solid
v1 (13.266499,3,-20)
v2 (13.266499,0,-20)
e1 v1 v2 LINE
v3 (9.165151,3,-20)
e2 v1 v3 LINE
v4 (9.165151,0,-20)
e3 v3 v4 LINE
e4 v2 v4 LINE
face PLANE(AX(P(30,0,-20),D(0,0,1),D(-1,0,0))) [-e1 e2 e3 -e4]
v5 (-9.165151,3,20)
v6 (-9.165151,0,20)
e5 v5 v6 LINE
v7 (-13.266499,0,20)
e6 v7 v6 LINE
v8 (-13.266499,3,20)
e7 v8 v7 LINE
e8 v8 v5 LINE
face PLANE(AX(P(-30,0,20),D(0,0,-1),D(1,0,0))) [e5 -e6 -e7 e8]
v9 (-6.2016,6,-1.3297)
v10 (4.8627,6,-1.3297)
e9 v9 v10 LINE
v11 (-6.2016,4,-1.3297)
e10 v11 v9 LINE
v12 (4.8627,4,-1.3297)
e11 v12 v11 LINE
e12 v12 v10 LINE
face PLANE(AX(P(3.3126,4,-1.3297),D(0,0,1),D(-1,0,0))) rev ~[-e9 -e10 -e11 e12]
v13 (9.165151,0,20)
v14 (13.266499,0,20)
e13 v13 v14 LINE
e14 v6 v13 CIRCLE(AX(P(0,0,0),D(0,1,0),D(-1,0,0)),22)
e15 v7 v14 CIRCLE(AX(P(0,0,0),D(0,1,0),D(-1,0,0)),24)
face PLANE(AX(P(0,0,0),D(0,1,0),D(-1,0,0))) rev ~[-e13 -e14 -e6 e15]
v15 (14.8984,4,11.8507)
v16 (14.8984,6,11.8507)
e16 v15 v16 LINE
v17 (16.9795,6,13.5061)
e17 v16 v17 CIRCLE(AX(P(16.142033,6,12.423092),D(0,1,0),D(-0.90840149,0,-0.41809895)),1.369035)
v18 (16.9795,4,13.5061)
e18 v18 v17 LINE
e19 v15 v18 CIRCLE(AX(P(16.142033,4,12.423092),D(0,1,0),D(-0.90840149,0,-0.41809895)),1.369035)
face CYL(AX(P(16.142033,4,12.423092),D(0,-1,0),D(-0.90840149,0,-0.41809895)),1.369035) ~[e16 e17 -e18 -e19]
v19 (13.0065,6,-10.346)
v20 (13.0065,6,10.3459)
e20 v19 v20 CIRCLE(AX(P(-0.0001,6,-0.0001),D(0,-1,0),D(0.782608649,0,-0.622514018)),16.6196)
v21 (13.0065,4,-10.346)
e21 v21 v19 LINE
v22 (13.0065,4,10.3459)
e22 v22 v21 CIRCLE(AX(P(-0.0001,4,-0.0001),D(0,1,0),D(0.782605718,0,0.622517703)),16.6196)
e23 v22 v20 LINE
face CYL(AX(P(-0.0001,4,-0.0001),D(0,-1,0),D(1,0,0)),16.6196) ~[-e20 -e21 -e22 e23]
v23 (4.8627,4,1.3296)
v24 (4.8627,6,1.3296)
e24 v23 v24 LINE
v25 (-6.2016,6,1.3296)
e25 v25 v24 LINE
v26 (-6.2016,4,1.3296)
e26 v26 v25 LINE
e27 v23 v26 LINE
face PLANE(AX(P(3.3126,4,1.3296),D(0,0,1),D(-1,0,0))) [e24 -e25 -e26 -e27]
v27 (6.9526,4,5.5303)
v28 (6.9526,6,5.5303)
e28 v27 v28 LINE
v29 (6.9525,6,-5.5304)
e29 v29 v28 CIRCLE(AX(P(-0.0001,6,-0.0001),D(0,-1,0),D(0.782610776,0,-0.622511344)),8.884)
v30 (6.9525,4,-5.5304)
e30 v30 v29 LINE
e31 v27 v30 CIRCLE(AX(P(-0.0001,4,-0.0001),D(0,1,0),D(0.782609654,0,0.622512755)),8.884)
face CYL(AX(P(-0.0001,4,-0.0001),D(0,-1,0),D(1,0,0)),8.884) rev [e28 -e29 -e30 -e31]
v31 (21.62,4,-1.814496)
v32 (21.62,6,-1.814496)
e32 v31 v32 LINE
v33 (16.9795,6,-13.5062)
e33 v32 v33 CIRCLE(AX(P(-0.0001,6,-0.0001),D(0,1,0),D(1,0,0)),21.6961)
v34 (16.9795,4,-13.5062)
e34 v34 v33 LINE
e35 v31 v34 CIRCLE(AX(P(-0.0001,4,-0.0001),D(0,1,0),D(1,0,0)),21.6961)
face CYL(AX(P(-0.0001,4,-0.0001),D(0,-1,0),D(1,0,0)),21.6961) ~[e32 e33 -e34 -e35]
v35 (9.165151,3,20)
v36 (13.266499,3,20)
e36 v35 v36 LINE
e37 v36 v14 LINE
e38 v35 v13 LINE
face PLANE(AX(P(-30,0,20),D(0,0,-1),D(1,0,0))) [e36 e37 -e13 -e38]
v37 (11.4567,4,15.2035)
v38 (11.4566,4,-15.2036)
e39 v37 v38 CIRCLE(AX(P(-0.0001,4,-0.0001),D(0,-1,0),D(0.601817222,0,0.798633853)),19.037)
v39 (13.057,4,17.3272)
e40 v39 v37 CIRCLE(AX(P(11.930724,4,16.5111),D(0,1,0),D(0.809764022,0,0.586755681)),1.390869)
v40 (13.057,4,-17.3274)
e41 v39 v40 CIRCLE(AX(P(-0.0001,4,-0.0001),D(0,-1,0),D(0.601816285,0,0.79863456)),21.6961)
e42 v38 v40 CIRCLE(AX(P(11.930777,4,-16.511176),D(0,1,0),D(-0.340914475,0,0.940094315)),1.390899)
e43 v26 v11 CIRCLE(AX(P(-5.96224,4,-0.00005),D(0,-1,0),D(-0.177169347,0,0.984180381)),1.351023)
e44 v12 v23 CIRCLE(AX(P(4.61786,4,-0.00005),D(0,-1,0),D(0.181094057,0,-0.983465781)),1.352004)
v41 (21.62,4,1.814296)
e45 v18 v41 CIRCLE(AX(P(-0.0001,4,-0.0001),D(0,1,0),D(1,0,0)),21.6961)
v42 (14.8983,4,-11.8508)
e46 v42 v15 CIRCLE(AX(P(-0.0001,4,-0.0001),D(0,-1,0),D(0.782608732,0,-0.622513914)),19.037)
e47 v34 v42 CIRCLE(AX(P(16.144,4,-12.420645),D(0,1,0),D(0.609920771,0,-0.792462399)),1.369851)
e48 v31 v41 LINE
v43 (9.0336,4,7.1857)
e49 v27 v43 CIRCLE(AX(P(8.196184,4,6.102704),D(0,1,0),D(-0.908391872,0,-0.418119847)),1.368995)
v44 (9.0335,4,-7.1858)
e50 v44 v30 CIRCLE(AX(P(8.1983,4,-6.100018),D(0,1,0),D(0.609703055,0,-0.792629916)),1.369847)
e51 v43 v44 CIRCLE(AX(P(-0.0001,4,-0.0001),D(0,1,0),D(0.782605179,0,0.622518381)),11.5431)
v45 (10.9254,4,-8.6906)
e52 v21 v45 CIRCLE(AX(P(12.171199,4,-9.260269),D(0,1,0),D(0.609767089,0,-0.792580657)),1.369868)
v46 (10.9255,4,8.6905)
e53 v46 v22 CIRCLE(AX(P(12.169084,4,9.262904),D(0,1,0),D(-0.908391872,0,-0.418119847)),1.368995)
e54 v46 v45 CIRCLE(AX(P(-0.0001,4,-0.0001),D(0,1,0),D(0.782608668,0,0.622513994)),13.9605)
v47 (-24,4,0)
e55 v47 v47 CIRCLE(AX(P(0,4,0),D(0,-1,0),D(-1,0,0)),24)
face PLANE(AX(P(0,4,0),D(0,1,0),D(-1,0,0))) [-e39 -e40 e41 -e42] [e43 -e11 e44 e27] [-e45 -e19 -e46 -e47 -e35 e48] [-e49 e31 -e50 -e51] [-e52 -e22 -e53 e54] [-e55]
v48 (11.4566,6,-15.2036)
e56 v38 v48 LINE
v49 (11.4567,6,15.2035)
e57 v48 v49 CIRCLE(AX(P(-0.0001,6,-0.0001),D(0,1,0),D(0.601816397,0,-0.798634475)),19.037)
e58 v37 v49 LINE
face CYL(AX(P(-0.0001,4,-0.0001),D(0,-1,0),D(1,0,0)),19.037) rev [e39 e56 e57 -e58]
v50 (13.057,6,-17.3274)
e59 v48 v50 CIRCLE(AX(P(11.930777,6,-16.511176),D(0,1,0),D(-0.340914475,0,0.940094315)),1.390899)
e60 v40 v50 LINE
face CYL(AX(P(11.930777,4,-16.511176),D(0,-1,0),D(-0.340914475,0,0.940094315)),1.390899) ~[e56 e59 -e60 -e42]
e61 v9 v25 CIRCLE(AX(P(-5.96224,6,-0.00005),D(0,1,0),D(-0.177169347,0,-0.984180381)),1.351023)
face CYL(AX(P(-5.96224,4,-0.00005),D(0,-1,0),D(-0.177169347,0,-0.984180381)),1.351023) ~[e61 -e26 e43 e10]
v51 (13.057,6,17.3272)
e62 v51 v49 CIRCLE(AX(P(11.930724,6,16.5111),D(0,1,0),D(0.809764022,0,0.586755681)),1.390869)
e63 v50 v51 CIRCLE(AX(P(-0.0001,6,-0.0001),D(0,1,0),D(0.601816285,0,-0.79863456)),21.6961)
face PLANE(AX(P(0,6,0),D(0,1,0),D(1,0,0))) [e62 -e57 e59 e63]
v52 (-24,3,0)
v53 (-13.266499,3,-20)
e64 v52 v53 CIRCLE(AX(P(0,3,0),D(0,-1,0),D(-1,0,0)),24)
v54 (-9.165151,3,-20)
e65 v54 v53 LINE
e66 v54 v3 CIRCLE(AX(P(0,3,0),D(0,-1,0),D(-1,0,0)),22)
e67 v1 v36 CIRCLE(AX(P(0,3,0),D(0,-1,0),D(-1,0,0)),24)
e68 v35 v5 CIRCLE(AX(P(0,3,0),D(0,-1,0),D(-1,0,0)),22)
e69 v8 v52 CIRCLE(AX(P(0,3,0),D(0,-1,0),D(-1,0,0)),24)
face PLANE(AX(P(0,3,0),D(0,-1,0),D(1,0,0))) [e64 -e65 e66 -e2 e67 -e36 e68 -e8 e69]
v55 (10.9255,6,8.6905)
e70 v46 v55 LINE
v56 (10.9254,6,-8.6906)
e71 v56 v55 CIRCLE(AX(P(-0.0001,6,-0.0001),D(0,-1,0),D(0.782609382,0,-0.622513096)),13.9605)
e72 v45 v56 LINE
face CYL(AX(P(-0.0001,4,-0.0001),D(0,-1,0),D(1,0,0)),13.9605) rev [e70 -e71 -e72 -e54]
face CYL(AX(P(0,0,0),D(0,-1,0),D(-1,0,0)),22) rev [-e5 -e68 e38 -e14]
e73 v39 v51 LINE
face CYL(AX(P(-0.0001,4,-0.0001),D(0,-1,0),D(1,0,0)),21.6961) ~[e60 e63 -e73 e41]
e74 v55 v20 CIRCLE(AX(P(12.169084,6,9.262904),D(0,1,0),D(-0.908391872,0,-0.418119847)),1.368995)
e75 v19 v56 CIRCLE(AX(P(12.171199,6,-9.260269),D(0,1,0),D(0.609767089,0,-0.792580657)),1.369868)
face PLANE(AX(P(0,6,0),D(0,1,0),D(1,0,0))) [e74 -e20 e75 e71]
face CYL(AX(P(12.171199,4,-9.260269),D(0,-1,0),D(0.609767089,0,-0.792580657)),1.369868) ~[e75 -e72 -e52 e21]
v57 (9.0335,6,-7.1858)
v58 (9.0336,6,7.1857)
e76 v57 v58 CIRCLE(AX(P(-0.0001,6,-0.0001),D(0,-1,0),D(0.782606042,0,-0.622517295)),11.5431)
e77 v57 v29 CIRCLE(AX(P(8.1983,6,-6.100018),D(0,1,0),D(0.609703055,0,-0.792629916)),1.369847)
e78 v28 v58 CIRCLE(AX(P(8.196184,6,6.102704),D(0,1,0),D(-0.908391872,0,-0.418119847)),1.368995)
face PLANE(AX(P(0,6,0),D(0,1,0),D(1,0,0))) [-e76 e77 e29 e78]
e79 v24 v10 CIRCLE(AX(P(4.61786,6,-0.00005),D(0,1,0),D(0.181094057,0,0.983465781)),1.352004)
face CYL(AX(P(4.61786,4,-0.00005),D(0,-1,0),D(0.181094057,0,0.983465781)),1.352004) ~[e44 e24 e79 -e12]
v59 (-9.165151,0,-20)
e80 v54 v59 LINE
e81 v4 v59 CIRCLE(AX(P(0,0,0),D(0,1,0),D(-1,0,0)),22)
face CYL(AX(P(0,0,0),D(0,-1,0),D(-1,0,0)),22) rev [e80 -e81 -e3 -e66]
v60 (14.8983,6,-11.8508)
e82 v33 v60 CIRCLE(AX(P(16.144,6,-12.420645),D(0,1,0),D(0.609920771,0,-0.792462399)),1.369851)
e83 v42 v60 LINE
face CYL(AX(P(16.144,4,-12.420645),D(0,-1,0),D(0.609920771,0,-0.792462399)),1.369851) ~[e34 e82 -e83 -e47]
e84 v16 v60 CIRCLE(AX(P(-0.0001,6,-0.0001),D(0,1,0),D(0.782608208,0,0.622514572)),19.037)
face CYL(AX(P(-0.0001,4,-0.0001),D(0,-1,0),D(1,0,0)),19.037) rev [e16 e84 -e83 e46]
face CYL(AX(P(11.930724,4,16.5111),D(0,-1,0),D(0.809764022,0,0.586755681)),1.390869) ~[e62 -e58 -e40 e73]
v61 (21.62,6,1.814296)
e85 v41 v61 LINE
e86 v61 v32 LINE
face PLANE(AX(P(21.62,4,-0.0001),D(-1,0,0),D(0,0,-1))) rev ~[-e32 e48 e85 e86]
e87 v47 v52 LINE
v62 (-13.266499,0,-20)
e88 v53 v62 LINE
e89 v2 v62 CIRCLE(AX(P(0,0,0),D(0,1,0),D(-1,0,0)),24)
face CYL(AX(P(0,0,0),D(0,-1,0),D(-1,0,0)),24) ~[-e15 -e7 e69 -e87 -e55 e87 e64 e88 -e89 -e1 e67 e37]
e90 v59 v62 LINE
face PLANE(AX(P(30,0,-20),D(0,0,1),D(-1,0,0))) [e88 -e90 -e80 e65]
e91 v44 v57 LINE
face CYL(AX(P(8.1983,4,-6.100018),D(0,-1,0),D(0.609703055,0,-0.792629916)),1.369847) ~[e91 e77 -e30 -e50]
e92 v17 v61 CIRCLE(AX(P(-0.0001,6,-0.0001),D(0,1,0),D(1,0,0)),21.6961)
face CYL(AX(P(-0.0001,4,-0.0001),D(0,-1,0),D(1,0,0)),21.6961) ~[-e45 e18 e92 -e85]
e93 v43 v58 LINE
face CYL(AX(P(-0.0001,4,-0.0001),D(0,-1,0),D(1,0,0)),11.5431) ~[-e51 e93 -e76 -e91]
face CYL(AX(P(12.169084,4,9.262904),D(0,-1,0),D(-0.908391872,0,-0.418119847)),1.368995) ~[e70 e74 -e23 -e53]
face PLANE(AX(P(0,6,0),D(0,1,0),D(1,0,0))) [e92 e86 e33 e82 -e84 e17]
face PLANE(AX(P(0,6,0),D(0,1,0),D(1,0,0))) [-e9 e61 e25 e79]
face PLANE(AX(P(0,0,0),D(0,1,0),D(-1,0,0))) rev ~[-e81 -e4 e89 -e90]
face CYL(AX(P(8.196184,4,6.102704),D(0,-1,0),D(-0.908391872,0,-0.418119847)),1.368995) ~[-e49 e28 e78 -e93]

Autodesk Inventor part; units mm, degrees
ref_plane "YZ Plane" through (0, 0, 0) normal (1, 0, 0) x (0, 1, 0)
ref_plane "XZ Plane" through (0, 0, 0) normal (0, 1, 0) x (-1, 0, 0)
ref_plane "XY Plane" through (0, 0, 0) normal (0, 0, 1) x (1, 0, 0)
sketch "Sketch1" plane through (0, 0, 0) normal (0, 1, 0) x (-1, 0, 0)
  circle A0 centre (0, 0) radius 24
  circle A1 centre (0, 0) radius 22
  dimension "d0" = 48
  dimension "d2" = 2
extrude "Extrusion1" add sketch "Sketch1" along normal blind 4
sketch "Sketch2" plane through (0, 4, 0) normal (0, 1, 0) x (1, 0, 0)
  circle A0 centre (0, 0) radius 24
  circle A1 centre (0, 0) radius 22
  circle A2 centre (0, 0) radius 20
  circle A3 centre (0, 0) radius 17
  circle A4 centre (0, 0) radius 14
  circle A5 centre (0, 0) radius 11
  circle A6 centre (0, 0) radius 7
  circle A7 centre (0, 0) radius 4
  dimension "d10" = 40
  dimension "d11" = 48
  dimension "d12" = 44
  dimension "d13" = 34
  dimension "d14" = 28
  dimension "d15" = 22
  dimension "d16" = 14
  dimension "d17" = 8
extrude "Extrusion2" add sketch "Sketch2" against normal blind 1 contours A0 | A1 | A2 | A3 | A4 | A5 | A6 | A7
sketch "Sketch3" plane through (0, 0, 0) normal (0, -1, 0) x (1, 0, 0)
  line L0 (-30, 20) -> (30, 20)
  line L1 (30, 20) -> (30, -20)
  line L2 (30, -20) -> (-30, -20)
  line L3 (-30, -20) -> (-30, 20)
  line L4 (-30, 20) -> (30, -20) construction
  line L5 (30, 20) -> (-30, -20) construction
  point P0 (0, 0)
  dimension "d7" = 60
  dimension "d8" = 40
sketch "Sketch4" plane through (0, 4, 0) normal (0, 1, 0) x (1, 0, 0)
  circle A0 centre (-0.0001, 0.0001) radius 21.6961
  circle A1 centre (-0.0001, 0.0001) radius 19.037
  circle A2 centre (-0.0001, 0.0001) radius 16.6196
  circle A3 centre (-0.0001, 0.0001) radius 11.5431
  circle A4 centre (-0.0001, 0.0001) radius 8.884
  circle A5 centre (-0.0001, 0.0001) radius 13.9605
  line L0 (-0.0001, 21.6962) -> (-0.0001, -21.696) construction
  line L1 (-0.0001, 0.0001) -> (16.9795, -13.5061)
  line L2 (-0.0001, 0.0001) -> (13.057, -17.3272)
  arc A6 (14.8984, -11.8507) -> (16.9795, -13.5061) centre (16.142, -12.4231) ccw
  line L3 (15.9389, -12.6784) -> (16.1106, -12.4626) construction
  arc A7 (10.9255, -8.6905) -> (13.0065, -10.3459) centre (12.1691, -9.2629) ccw
  arc A8 (6.9526, -5.5303) -> (9.0336, -7.1857) centre (8.1962, -6.1027) ccw
  arc A9 (13.057, -17.3272) -> (11.4567, -15.2035) centre (11.9307, -16.5111) ccw
  arc A10 (16.9795, 13.5062) -> (14.8983, 11.8508) centre (16.144, 12.4206) ccw
  line L4 (-0.0001, 0.0001) -> (16.9795, 13.5062)
  arc A11 (13.0065, 10.346) -> (10.9254, 8.6906) centre (12.1712, 9.2602) ccw
  arc A12 (9.0335, 7.1858) -> (6.9525, 5.5304) centre (8.1983, 6.1) ccw
  arc A13 (11.4566, 15.2036) -> (13.057, 17.3274) centre (11.9308, 16.5111) ccw
  line L5 (-0.0001, 0.0001) -> (13.057, 17.3274)
  line L6 (15.9389, 12.6785) -> (16.1126, 12.4601) construction
  line L7 (19.0369, 0.0001) -> (16.6195, 0.0001)
  line L8 (13.9604, 0.0001) -> (11.543, 0.0001)
  line L9 (8.8839, 0.0001) -> (-21.6962, 0.0001)
  line L10 (21.62, -21.5289) -> (21.62, 21.5289)
  line L11 (-0.0001, 0.0001) -> (35.6066, 0.0001)
  line L12 (4.8627, -1.3296) -> (-6.2016, -1.3296)
  line L13 (4.8627, 1.3297) -> (-6.2016, 1.3297)
  line L14 (3.3126, -1.3296) -> (3.3126, 1.3297)
  arc A14 (4.8627, -1.3296) -> (4.8627, 1.3297) centre (4.6178, 0.0001) ccw
  arc A15 (-6.2016, 1.3297) -> (-6.2016, -1.3296) centre (-5.9623, 0.0001) ccw
  point P0 (0, 0)
  point P1 (21.6199, 0.0001)
  point P2 (-0.0001, 21.529)
  point P3 (3.3126, 0.0001)
  point P4 (28.4358, 37.7355)
  point P5 (32.4077, 43.0065)
  point P6 (22.4217, 17.835)
  point P7 (17.2565, 13.7264)
  point P8 (32.2826, 25.6787)
  point P9 (27.1174, 21.5701)
  point P10 (53.6613, 4.5036)
  point P11 (42.1434, 33.5224)
  point P12 (36.9782, 29.4138)
  point P13 (53.6613, -4.5036)
  point P14 (9.0336, 7.1858)
  point P15 (6.9523, 5.5309)
  point P16 (13.0065, 10.346)
  point P17 (10.9252, 8.6911)
  point P18 (11.457, 15.2035)
  point P19 (21.62, -1.8147)
  point P20 (21.62, 1.8149)
  point P21 (14.8981, 11.8513)
  dimension "d18" = 38.074
  dimension "d19" = 2.6591
  dimension "d20" = 2.6591
  dimension "d21" = 2.6591
  dimension "d22" = 2.4174
  dimension "d23" = 2.4174
  dimension "d24" = 1.369
  dimension "d25" = 2.6593
  dimension "d26" = 1.352
  dimension "d27" = 1.351
extrude "Extrusion3" add sketch "Sketch4" along normal blind 2 contours L4 A10 | A0 L10 L11 A1 L4 | L5 A1 L9 A0 | A13 L5 | L9 A1 L2 A0 | L10 A0 L1 A1 L11 | A2 L11 A5 L4 | L4 A11 | L2 A9 | L1 A6 | A2 L1 A5 L11 | A7 L1 | A3 L11 A4 L4 | L4 A12 | A3 L1 A4 L11 | A8 L1 | L13 L14 L9 L4 | L4 L5 L13 | L5 L9 A15 L13 | A14 L12 L14 L9 | L9 L14 L13 A14 | L9 L14 L12 L1 | L1 L12 L2 | L2 L12 A15 L9
extrude "Extrusion4" cut sketch "Sketch3" against normal up to surface (3 mm away)
properties part number "Scanner-Kapak"
